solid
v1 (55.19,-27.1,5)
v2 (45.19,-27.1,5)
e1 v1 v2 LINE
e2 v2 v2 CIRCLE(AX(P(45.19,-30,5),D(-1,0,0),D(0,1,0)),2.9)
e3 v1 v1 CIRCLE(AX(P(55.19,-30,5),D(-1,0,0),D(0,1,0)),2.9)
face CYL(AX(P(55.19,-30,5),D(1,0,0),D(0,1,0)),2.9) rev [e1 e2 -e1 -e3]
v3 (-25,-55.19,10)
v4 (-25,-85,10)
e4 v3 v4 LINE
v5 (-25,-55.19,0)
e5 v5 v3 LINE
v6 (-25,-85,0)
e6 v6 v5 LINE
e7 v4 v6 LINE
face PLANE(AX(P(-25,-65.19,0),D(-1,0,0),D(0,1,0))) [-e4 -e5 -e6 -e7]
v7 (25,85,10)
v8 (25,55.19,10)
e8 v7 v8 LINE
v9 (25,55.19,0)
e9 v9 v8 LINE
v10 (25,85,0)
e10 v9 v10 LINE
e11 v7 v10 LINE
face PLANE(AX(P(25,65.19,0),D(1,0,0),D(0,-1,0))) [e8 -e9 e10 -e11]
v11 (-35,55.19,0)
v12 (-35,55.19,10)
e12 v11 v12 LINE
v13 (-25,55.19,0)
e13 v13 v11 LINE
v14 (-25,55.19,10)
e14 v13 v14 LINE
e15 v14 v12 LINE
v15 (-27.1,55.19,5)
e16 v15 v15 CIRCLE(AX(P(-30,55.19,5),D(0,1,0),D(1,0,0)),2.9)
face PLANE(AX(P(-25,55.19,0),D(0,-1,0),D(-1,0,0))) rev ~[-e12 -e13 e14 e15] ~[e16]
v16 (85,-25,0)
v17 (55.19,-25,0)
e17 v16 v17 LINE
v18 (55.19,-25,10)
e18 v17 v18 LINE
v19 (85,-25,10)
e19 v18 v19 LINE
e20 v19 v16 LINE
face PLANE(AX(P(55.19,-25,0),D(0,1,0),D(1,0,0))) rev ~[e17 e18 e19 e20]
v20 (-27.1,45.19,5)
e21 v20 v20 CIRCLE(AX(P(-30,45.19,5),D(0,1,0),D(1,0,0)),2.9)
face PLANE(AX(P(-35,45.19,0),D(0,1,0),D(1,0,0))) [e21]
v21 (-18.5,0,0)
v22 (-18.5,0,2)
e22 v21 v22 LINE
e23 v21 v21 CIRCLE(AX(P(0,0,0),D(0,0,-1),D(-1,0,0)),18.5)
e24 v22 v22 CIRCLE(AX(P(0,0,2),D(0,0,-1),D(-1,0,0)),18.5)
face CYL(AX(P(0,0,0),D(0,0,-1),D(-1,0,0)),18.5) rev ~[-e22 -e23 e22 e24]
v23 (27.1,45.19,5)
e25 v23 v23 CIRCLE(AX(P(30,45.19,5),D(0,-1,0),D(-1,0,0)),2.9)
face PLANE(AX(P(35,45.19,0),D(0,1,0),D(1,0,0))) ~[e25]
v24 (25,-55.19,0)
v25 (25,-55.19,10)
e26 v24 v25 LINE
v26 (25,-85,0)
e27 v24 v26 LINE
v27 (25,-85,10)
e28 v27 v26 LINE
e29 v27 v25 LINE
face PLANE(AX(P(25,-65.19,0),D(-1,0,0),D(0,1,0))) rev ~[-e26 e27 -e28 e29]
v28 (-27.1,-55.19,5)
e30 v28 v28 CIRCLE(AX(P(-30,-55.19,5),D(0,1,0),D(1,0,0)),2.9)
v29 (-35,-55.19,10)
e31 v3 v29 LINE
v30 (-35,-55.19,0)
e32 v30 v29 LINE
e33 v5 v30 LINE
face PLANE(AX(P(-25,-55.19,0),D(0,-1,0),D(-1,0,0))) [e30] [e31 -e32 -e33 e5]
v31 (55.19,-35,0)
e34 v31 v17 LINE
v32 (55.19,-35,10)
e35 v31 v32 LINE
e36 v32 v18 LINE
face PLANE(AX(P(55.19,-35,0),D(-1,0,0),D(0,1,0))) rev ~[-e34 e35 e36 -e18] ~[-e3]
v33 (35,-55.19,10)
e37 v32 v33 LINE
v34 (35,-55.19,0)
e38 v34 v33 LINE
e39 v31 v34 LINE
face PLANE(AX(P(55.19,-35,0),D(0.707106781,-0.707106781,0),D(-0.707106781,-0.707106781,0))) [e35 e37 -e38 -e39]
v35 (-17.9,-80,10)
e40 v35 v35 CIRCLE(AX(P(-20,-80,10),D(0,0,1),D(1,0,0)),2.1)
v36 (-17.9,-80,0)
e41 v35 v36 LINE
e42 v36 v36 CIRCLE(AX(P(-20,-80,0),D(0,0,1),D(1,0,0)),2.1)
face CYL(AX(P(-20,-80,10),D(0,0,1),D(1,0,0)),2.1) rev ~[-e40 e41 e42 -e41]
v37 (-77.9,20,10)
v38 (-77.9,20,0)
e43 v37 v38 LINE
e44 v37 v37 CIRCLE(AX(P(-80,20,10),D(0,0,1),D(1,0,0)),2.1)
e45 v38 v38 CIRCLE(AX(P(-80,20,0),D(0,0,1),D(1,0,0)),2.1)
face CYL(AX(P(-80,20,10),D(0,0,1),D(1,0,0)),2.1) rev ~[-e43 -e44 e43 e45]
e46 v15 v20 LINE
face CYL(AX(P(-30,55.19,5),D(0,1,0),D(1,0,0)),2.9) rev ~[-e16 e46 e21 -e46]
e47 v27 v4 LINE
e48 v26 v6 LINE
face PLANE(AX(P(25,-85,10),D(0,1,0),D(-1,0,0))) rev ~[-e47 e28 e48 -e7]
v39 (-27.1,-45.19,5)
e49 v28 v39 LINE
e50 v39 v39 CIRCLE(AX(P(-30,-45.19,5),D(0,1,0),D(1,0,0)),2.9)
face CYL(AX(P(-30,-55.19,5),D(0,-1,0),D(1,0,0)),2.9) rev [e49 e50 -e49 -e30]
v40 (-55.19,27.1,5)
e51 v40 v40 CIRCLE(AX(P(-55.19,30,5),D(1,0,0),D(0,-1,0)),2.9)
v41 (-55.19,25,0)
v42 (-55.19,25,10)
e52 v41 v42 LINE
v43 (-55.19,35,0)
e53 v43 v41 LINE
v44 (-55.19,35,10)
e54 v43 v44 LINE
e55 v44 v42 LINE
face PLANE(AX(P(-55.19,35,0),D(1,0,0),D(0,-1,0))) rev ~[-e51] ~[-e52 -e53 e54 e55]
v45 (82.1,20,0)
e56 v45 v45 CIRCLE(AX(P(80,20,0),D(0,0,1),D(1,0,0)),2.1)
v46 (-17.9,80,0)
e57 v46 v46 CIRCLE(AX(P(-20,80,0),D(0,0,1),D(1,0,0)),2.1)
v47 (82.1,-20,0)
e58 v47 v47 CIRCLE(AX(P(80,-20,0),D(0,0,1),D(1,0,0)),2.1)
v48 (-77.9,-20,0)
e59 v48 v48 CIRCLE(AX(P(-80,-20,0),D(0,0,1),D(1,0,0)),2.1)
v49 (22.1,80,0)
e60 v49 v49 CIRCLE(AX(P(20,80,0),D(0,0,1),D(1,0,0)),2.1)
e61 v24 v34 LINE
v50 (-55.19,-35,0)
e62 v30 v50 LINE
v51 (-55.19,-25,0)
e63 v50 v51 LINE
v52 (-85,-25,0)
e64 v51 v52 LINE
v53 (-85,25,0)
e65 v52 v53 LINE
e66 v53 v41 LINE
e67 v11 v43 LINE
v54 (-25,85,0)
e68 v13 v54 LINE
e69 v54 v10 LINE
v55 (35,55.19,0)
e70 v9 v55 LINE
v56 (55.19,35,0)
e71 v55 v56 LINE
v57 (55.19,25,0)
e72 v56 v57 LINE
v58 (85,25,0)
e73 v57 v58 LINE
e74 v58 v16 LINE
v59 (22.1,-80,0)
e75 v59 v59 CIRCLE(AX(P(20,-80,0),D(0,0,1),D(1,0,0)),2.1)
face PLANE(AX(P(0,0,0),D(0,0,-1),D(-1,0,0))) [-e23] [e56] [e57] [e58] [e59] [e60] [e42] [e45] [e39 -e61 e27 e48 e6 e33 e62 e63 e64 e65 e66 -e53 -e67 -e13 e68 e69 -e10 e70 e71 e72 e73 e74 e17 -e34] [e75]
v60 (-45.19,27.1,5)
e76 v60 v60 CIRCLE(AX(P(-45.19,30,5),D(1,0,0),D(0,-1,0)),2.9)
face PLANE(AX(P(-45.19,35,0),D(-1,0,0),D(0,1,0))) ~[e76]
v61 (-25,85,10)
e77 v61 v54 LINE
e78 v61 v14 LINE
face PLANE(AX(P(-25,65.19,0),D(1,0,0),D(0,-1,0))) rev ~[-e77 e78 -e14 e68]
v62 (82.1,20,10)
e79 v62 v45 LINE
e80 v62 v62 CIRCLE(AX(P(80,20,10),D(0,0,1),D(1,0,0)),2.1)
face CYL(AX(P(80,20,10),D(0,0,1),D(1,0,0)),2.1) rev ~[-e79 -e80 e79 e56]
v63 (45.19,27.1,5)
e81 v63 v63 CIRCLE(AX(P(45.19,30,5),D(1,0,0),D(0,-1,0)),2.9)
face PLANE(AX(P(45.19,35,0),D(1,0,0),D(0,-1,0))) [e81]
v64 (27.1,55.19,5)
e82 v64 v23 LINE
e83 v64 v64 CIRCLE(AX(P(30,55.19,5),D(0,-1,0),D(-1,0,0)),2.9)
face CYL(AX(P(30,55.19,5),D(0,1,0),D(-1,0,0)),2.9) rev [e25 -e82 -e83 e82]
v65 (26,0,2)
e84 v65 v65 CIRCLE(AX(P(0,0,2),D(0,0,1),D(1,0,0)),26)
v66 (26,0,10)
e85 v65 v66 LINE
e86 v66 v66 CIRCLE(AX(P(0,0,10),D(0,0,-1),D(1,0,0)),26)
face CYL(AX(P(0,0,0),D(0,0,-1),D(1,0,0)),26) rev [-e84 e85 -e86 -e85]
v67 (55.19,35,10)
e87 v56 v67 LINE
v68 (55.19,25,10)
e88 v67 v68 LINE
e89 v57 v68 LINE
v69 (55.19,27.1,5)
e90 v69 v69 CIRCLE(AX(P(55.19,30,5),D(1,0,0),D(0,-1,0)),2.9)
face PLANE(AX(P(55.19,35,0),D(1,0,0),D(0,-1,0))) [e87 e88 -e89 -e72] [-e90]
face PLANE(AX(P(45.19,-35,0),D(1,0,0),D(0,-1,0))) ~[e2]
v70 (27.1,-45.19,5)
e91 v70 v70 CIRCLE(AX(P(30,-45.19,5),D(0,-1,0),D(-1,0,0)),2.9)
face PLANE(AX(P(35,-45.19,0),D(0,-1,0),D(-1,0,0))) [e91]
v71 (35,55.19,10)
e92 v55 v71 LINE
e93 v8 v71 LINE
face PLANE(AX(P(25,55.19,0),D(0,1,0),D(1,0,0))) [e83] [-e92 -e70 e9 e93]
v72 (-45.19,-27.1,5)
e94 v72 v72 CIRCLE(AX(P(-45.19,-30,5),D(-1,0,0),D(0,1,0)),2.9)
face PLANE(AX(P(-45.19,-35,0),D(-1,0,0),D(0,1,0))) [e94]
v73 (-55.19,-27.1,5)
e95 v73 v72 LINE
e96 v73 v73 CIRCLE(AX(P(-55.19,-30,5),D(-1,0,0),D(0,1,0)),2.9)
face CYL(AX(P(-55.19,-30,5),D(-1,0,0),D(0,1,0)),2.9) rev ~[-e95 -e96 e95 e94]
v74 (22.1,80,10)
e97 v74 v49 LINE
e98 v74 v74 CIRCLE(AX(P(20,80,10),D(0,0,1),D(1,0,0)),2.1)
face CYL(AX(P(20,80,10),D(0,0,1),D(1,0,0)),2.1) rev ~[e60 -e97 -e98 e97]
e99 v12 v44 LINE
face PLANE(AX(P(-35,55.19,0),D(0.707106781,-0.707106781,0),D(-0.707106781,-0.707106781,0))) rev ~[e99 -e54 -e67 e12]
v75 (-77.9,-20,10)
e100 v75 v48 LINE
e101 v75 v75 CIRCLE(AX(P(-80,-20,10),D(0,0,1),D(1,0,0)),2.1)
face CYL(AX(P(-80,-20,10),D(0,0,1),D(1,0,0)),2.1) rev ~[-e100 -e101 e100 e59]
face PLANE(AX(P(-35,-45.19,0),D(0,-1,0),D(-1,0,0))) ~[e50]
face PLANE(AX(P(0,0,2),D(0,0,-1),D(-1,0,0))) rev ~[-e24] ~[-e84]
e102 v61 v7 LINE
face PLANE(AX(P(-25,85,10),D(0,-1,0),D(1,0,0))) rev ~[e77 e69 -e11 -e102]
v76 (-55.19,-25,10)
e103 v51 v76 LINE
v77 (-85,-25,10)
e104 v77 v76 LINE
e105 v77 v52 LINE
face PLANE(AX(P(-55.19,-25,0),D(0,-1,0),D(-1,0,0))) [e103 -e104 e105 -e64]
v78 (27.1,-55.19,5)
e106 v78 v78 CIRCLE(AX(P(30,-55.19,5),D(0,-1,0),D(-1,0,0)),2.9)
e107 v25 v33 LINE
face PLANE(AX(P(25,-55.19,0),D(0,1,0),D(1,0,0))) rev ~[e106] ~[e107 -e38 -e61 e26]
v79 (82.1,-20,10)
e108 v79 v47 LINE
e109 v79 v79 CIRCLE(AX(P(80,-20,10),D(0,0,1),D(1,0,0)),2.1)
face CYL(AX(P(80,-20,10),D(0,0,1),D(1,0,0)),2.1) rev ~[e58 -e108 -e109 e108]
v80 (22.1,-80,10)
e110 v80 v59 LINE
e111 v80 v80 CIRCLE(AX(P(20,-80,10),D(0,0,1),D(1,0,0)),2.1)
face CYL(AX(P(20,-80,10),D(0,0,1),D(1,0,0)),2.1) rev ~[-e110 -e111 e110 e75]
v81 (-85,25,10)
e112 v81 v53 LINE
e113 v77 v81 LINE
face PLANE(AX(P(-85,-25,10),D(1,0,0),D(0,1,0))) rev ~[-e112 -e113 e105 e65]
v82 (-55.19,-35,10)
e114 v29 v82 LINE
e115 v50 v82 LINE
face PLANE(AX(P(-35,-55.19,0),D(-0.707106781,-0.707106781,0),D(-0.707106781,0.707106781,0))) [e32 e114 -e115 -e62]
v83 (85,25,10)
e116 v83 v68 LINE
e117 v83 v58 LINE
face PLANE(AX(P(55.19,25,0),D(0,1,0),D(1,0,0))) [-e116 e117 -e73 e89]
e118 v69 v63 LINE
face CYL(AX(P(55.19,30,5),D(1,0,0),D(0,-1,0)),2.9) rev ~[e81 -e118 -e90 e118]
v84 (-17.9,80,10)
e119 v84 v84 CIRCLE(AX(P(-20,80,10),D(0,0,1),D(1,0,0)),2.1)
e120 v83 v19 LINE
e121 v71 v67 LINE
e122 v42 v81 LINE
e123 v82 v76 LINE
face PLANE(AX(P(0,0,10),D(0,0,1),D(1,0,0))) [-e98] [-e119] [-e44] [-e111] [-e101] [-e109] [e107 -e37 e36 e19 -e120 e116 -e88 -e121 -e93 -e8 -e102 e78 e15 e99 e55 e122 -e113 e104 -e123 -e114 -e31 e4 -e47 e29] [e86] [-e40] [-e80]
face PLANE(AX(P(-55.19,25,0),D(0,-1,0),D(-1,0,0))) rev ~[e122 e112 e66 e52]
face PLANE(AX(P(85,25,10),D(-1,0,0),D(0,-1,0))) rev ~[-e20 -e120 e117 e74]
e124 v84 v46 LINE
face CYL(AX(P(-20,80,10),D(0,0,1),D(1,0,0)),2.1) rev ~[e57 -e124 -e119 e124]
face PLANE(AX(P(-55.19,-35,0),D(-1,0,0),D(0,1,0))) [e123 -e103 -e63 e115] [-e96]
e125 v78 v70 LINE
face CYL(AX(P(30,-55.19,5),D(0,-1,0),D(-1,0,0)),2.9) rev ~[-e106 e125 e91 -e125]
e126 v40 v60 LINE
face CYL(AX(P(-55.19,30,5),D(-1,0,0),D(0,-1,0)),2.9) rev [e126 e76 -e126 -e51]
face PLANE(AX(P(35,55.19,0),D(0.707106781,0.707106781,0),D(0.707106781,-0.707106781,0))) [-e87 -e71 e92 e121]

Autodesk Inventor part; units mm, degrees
ref_plane "YZ Plane" through (0, 0, 0) normal (1, 0, 0) x (0, 1, 0)
ref_plane "XZ Plane" through (0, 0, 0) normal (0, 1, 0) x (-1, 0, 0)
ref_plane "XY Plane" through (0, 0, 0) normal (0, 0, 1) x (1, 0, 0)
sketch "Sketch1" plane through (0, 0, 0) normal (0, 0, 1) x (1, 0, 0)
  line L0 (-25, 65.19) -> (25, 65.19)
  line L1 (65.19, 25) -> (65.19, -25)
  line L2 (25, -65.19) -> (-25, -65.19)
  line L3 (-65.19, -25) -> (-65.19, 25)
  line L4 (-50.6308, 50.6308) -> (50.6308, -50.6308) construction
  line L5 (50, 50) -> (-50, -50) construction
  line L6 (-40, 40) -> (-50.6308, 50.6308) construction
  line L7 (-25, 65.19) -> (-25, 55.19)
  line L8 (-25, 55.19) -> (-35, 55.19)
  line L9 (-55.19, 35) -> (-55.19, 25)
  line L10 (-55.19, 25) -> (-65.19, 25)
  circle A0 centre (0, 0) radius 26
  line L11 (0, 28.0827) -> (0, 0)
  line L12 (0, 0) -> (17.6422, 0)
  line L13 (25, 65.19) -> (25, 55.19)
  line L14 (25, 55.19) -> (35, 55.19)
  line L15 (55.19, 35) -> (55.19, 25)
  line L16 (55.19, 25) -> (65.19, 25)
  line L17 (-25, -65.19) -> (-25, -55.19)
  line L18 (-25, -55.19) -> (-35, -55.19)
  line L19 (-55.19, -35) -> (-55.19, -25)
  line L20 (-55.19, -25) -> (-65.19, -25)
  line L21 (25, -65.19) -> (25, -55.19)
  line L22 (25, -55.19) -> (35, -55.19)
  line L23 (55.19, -35) -> (55.19, -25)
  line L24 (55.19, -25) -> (65.19, -25)
  line L25 (-35, 55.19) -> (-55.19, 35)
  line L26 (35, 55.19) -> (55.19, 35)
  line L27 (55.19, -35) -> (35, -55.19)
  line L28 (-35, -55.19) -> (-55.19, -35)
  point P0 (-45.3154, 45.3154)
  point P1 (-55.19, 55.19)
  point P2 (55.19, 55.19)
  point P3 (-55.19, -55.19)
  point P4 (55.19, -55.19)
  dimension "d9" = 130.38
  dimension "d19" = 10
  dimension "d20" = 52
  dimension "d40" = 130.38
  dimension "d45" = 10
  dimension "d58" = 50
  dimension "d59" = 50
  dimension "d60" = 20.19
  dimension "d61" = 20.19
  dimension "d62" = 20.19
  dimension "d63" = 20.19
  dimension "d64" = 20.19
  dimension "d65" = 20.19
  dimension "d66" = 20.19
  dimension "d67" = 20.19
  dimension "d79" = 10
extrude "Extrusion1" add sketch "Sketch1" along normal blind 10
sketch "Sketch3" plane through (0, 0, 10) normal (0, 0, 1) x (1, 0, 0)
  line L0 (25, 65.19) -> (-25, 65.19) projected
  line L1 (25, 65.19) -> (-25, 65.19)
  line L2 (-25, 65.19) -> (-25, 85)
  line L3 (-25, 85) -> (25, 85)
  line L4 (25, 85) -> (25, 65.19)
  line L5 (-25, 65.19) -> (-25, 55.19) projected
  circle A0 centre (-20, 80) radius 2.1
  line L6 (0, 0) -> (0, 7.5781)
  circle A1 centre (20, 80) radius 2.1
  circle A2 centre (-80, -20) radius 2.1
  circle A3 centre (-80, 20) radius 2.1
  circle A4 centre (20, -80) radius 2.1
  circle A5 centre (-20, -80) radius 2.1
  circle A6 centre (80, 20) radius 2.1
  circle A7 centre (80, -20) radius 2.1
  line L7 (25, 55.19) -> (25, 65.19) projected
  line L8 (-65.19, 25) -> (-65.19, -25)
  line L9 (-85, 25) -> (-65.19, 25)
  line L10 (-85, -25) -> (-85, 25)
  line L11 (-65.19, -25) -> (-85, -25)
  line L12 (-25, -65.19) -> (25, -65.19)
  line L13 (-25, -85) -> (-25, -65.19)
  line L14 (25, -85) -> (-25, -85)
  line L15 (25, -65.19) -> (25, -85)
  line L16 (65.19, -25) -> (65.19, 25)
  line L17 (85, -25) -> (65.19, -25)
  line L18 (85, 25) -> (85, -25)
  line L19 (65.19, 25) -> (85, 25)
  point P0 (-25, 60.19)
  point P1 (-25, 75.095)
  point P2 (-75.095, -25)
  point P3 (25, -75.095)
  point P4 (75.095, 25)
  dimension "d31" = 4.2
  dimension "d35" = 360
  dimension "d43" = 360
  dimension "d49" = 5
  dimension "d50" = 40
  dimension "d51" = 5
  dimension "d80" = 170
extrude "Extrusion3" add sketch "Sketch3" against normal up to surface (10 mm away)
sketch "Sketch5" plane through (0, 0, 0) normal (0, 0, -1) x (-1, 0, 0)
  circle A0 centre (0, 0) radius 26 projected
  circle A1 centre (0, 0) radius 18.5
  dimension "d55" = 37
extrude "Extrusion5" add sketch "Sketch5" against normal blind 2
sketch "Sketch6" plane through (-35, 55.19, 0) normal (0, 1, 0) x (1, 0, 0)
  circle A0 centre (5, -5) radius 2.9
  line L0 (10, -10) -> (0, -10) projected
  line L1 (10, -10) -> (10, 0) projected
  point P0 (35, 0)
  dimension "d68" = 5
  dimension "d69" = 5
  dimension "d70" = 5.8
extrude "Extrusion6" cut sketch "Sketch6" against normal blind 10
mirror "Mirror1" about plane through (0, 0, 0) normal (1, 0, 0) of "Extrusion6"
pattern_circular "Circular Pattern2" count 4 over 360 about axis through (0, 0, 0) along (0, 0, 1) of "Extrusion6", "Mirror1"
equation "\"d9\" = d40"
equation "\"d59\" = d58"
equation "\"d61\" = d60"
equation "\"d62\" = d60"
equation "\"d63\" = d62"
equation "\"d64\" = d60"
equation "\"d65\" = d64"
equation "\"d66\" = d60"
equation "\"d67\" = d66"
properties part number "gearbox_base" material "PMMA Plastic"
